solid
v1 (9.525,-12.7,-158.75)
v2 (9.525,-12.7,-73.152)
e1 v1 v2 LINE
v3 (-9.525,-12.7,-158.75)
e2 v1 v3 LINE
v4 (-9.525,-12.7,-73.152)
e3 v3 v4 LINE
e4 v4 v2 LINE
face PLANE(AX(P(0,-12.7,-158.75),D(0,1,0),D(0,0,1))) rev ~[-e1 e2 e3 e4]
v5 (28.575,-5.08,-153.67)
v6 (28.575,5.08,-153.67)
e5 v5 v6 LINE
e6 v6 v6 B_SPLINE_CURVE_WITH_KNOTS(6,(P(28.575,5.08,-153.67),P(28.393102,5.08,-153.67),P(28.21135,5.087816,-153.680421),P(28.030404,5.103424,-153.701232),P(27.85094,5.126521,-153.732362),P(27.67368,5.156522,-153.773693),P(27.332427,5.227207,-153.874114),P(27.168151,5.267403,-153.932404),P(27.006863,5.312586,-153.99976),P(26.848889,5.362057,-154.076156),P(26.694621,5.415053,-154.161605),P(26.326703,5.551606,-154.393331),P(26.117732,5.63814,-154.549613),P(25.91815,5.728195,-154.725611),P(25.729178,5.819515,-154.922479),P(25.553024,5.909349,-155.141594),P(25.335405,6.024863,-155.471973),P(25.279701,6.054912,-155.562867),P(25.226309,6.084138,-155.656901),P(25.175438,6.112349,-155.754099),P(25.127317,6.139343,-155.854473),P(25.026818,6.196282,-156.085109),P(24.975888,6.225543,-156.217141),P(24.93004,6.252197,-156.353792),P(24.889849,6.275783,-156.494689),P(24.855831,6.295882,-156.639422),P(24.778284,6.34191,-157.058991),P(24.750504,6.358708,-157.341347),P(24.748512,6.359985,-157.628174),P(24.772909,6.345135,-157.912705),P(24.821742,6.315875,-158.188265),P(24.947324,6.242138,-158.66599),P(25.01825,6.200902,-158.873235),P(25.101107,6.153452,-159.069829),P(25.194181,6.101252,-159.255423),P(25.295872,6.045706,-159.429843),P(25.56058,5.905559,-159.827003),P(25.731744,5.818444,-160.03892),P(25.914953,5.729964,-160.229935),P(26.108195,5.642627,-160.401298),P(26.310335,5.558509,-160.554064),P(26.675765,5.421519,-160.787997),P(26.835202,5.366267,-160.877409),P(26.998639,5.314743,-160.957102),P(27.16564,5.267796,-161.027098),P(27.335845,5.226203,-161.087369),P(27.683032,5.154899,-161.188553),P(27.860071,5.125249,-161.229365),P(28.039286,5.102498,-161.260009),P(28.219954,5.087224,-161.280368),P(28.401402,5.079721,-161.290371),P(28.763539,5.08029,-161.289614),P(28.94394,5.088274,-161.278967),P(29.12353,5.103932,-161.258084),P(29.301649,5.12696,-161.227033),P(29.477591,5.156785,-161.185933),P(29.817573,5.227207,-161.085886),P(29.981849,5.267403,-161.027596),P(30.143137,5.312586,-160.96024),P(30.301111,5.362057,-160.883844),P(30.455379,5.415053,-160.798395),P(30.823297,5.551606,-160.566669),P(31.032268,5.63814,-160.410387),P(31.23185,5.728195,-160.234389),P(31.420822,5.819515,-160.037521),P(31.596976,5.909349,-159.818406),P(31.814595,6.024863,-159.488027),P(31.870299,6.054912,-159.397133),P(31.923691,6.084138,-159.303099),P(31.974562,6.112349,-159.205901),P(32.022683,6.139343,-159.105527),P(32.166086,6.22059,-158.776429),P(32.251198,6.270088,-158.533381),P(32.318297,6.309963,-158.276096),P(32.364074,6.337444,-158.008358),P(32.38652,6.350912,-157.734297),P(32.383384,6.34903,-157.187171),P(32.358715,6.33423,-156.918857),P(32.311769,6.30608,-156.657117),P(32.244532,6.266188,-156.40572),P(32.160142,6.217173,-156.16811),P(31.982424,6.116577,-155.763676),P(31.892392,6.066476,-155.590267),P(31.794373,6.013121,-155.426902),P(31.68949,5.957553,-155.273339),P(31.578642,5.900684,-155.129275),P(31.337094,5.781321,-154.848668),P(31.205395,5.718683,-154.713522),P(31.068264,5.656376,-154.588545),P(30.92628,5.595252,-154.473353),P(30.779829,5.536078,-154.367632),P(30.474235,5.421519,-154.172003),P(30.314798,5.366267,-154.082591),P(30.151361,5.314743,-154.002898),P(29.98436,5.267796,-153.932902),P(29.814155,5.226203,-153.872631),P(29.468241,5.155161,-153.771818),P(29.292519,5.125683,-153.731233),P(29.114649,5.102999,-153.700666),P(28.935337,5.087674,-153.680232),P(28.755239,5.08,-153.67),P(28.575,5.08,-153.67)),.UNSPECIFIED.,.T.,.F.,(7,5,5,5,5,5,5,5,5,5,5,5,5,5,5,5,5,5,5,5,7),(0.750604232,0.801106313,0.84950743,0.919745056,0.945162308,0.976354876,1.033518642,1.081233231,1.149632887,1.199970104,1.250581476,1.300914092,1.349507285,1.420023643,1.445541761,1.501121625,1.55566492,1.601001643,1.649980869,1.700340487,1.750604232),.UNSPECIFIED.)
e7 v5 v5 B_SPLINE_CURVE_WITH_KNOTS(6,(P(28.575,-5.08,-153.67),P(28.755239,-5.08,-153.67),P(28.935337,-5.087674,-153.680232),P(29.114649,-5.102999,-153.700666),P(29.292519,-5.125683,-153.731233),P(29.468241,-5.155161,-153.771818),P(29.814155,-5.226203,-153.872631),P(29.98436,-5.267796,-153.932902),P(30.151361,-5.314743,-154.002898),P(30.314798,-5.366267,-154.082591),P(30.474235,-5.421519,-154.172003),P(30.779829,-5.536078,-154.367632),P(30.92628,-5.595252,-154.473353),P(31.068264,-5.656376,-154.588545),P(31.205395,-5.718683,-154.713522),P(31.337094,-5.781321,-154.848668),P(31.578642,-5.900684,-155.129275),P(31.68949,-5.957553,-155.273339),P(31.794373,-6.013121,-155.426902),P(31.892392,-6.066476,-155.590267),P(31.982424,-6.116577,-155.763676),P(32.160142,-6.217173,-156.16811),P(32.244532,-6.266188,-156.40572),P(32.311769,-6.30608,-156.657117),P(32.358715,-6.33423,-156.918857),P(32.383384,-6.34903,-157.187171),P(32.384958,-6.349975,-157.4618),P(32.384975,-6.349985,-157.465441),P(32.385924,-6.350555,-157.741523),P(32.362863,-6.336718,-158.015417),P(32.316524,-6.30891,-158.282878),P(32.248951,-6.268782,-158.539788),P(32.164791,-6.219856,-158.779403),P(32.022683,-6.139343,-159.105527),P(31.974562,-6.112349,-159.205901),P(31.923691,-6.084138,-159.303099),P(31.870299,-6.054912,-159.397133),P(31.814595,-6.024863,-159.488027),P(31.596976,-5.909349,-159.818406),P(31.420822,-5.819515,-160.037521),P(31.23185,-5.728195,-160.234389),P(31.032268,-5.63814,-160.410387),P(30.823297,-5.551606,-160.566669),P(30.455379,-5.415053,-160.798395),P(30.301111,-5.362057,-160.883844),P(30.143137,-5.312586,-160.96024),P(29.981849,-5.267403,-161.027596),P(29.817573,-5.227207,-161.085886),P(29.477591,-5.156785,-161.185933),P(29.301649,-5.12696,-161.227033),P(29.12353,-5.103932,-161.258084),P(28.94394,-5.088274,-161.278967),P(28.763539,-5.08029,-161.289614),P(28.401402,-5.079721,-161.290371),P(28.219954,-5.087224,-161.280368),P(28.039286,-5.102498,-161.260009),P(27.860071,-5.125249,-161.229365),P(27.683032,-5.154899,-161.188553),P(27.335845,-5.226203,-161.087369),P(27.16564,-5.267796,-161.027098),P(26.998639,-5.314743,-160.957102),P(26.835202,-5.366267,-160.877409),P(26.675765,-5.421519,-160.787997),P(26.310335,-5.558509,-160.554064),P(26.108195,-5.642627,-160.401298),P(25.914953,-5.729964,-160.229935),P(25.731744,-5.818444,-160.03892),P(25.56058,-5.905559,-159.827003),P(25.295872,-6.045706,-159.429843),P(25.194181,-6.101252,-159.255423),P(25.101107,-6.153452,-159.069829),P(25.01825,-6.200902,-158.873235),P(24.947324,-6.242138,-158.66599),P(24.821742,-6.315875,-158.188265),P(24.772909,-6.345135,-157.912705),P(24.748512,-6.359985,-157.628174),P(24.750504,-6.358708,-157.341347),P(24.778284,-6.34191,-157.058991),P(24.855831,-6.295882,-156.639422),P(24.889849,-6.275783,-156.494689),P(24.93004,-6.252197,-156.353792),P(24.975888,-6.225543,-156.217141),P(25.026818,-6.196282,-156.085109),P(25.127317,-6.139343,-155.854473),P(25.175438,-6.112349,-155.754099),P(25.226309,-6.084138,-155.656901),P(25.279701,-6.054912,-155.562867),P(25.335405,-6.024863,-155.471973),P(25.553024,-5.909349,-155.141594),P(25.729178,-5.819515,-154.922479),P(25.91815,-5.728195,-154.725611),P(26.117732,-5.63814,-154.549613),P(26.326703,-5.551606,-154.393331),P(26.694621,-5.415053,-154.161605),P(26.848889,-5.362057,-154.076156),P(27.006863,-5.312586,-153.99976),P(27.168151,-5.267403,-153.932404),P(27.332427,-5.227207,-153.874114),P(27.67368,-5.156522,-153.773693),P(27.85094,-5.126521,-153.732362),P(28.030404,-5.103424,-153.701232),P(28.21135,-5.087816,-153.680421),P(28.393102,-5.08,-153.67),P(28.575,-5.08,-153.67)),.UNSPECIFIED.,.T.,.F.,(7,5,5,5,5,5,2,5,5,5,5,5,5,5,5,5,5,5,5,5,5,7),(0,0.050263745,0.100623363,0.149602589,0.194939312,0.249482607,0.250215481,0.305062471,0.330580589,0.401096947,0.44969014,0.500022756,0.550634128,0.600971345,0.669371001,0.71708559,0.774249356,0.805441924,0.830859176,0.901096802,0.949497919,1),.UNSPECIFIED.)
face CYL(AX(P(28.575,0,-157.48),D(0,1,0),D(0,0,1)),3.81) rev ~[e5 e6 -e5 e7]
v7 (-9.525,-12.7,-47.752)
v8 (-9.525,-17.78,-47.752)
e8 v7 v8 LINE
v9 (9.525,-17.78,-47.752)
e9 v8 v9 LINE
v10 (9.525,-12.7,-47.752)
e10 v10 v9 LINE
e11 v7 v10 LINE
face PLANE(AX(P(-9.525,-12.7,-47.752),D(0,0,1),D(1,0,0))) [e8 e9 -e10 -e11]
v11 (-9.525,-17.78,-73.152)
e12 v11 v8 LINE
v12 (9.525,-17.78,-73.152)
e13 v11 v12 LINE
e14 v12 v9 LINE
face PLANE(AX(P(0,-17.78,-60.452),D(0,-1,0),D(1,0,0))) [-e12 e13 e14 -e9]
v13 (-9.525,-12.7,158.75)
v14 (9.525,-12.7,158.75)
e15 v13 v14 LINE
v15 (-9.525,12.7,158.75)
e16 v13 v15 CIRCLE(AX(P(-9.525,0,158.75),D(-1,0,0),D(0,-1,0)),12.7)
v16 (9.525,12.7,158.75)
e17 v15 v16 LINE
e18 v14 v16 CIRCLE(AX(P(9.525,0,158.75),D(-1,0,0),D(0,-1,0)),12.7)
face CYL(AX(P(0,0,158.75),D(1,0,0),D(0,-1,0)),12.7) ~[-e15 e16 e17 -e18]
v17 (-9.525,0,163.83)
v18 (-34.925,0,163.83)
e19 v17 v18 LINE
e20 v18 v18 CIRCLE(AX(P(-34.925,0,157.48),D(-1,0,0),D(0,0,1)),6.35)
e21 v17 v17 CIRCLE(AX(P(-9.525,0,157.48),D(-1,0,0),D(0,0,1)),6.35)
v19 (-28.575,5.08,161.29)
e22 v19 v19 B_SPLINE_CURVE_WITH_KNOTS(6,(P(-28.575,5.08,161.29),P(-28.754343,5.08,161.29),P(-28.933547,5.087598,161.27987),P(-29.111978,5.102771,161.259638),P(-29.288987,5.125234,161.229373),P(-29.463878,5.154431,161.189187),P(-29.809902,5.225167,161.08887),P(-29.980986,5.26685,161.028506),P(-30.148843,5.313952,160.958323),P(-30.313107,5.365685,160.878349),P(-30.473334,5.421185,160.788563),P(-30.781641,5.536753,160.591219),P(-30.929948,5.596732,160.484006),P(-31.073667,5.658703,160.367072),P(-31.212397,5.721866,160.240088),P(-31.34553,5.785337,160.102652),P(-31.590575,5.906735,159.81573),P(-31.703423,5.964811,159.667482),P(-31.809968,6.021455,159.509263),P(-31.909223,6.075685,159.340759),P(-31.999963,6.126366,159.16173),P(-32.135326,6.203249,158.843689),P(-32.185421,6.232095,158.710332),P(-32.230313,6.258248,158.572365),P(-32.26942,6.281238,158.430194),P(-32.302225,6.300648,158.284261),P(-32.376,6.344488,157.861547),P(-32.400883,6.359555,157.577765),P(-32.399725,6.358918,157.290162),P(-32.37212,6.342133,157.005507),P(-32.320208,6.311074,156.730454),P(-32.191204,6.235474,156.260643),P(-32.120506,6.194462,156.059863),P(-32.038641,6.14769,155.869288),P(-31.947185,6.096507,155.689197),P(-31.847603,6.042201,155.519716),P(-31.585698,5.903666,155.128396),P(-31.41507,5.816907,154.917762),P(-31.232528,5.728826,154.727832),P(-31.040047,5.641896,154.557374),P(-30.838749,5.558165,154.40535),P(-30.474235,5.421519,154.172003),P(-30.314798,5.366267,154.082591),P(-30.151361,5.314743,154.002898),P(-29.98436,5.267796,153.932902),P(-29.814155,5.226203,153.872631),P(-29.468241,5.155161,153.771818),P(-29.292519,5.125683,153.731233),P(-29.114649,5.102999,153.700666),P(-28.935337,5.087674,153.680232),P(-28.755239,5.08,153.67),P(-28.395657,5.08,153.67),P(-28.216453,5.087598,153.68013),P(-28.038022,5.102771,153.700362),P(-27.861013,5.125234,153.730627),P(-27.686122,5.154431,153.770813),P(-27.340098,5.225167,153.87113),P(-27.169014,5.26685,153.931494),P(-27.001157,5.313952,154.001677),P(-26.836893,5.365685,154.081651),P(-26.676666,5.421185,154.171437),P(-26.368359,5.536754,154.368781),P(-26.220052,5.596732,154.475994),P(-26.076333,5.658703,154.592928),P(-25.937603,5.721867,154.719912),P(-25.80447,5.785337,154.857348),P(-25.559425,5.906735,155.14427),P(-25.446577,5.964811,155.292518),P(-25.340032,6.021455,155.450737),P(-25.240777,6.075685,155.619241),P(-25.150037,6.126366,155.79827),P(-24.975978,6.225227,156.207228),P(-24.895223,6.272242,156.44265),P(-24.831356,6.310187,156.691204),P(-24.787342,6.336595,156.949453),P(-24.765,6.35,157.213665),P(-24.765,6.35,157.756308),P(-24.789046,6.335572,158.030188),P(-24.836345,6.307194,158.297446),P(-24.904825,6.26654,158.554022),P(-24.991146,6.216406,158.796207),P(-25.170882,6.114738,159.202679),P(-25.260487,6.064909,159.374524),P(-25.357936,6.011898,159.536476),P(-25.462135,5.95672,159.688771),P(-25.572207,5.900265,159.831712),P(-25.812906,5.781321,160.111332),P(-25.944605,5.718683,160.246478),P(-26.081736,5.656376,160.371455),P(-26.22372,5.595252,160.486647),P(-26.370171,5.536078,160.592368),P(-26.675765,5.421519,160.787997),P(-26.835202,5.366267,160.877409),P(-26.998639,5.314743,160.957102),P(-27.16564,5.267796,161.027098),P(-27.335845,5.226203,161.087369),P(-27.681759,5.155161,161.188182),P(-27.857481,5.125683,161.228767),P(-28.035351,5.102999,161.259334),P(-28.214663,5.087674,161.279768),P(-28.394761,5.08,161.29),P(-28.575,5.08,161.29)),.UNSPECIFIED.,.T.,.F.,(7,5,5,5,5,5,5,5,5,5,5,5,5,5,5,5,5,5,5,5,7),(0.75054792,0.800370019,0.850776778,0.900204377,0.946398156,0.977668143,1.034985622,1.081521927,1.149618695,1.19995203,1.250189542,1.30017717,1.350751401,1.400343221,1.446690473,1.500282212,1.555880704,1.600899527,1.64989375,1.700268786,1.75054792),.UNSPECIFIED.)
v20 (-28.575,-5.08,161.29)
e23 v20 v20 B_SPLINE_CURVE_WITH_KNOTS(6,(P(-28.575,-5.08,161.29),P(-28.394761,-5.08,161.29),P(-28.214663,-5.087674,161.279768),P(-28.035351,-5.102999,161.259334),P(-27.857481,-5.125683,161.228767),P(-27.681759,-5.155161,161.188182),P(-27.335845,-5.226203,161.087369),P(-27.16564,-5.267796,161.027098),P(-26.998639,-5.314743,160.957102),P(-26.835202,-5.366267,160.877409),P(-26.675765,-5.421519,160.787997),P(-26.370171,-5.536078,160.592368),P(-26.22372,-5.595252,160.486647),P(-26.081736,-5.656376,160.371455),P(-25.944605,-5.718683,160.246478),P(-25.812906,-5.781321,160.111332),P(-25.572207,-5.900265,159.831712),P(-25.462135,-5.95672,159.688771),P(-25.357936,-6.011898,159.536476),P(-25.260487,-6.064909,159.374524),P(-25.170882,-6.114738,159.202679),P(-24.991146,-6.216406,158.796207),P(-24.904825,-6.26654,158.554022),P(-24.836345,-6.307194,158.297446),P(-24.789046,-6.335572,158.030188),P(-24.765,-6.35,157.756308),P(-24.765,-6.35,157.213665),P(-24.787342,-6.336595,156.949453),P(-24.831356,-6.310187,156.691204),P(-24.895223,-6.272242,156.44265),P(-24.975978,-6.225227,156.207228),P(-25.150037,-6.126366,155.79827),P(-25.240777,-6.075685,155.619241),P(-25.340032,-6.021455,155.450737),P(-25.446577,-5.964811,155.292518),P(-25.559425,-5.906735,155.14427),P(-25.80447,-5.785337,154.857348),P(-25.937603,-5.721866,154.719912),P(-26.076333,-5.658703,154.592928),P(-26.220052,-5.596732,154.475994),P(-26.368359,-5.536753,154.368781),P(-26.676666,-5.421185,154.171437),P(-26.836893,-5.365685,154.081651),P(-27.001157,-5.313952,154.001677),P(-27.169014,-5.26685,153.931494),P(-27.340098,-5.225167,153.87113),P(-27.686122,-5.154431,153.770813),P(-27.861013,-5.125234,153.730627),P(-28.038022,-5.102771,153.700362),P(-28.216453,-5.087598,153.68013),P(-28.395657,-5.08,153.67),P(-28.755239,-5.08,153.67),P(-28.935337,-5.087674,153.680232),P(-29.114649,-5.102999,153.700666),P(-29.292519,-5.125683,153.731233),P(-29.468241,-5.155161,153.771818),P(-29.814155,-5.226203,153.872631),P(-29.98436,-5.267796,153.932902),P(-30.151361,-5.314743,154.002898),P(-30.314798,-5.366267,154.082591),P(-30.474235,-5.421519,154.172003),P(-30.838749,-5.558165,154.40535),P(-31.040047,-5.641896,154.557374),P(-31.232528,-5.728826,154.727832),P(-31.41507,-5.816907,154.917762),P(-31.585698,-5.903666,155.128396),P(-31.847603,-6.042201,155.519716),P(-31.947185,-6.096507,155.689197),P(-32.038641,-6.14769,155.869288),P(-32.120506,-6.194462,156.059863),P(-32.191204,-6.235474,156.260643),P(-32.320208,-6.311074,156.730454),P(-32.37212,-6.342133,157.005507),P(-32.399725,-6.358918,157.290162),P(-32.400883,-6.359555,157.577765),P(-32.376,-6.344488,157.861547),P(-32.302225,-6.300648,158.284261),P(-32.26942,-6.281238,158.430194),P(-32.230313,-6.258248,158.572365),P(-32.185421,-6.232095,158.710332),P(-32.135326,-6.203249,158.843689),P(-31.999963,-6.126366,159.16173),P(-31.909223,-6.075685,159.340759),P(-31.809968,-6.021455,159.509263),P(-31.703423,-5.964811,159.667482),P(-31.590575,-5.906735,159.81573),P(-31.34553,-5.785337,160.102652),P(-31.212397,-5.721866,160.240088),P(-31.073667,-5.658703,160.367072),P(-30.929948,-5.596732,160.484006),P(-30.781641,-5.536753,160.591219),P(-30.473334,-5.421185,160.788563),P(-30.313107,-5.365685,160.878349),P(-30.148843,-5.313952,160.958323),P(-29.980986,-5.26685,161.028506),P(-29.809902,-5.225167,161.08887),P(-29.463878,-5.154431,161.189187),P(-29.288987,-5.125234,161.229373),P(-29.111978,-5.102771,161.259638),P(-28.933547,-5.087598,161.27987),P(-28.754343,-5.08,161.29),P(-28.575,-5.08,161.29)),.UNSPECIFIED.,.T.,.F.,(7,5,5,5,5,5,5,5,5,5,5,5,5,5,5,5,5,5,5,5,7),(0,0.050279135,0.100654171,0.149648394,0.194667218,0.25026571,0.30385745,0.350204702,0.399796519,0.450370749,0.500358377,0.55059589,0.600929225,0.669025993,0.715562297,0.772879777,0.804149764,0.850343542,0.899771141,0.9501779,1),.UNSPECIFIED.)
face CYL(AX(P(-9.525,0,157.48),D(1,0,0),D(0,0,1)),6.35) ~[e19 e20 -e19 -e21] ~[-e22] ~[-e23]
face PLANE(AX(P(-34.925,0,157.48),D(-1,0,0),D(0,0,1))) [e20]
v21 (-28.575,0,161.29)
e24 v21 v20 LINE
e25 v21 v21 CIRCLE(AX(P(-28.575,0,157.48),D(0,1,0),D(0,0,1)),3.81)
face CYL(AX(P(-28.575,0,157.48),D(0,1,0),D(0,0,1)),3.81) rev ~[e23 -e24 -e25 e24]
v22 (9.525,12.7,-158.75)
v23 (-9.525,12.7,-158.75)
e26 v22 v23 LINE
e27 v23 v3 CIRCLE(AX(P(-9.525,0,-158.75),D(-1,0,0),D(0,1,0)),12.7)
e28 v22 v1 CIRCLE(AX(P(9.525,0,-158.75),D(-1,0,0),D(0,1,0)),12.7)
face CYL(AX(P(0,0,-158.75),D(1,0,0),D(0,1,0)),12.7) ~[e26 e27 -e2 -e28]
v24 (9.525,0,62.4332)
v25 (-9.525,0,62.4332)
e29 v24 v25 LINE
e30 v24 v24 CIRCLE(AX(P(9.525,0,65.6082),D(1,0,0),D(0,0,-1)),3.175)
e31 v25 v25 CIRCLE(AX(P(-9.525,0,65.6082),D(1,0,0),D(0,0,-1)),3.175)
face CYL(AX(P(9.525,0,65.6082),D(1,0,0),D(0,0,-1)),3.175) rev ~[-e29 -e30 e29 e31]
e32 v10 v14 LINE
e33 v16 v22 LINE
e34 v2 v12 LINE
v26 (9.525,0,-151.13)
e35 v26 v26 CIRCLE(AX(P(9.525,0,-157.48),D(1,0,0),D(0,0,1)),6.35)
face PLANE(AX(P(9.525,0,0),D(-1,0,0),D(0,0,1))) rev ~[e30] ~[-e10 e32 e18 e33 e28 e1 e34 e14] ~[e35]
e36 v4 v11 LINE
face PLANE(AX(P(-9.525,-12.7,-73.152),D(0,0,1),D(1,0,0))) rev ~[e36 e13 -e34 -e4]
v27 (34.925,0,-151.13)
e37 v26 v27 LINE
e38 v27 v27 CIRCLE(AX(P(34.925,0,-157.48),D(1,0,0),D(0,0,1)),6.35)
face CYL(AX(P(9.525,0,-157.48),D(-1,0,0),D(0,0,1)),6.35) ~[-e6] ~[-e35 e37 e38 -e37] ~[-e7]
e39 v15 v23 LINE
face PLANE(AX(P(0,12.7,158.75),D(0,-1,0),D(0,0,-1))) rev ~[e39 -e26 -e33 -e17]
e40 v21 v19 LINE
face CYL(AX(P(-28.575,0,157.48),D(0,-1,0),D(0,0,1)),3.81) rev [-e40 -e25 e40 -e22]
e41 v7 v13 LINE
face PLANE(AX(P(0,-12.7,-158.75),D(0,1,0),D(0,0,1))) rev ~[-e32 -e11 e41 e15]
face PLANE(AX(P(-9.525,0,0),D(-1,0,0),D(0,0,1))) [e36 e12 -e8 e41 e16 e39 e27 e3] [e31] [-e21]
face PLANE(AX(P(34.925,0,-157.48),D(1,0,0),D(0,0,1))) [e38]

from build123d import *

# Parameters (mm, degrees)
BOSS_EXTRUDE1_DEPTH = 9.525
SKETCH4_R           = 6.35
BOSS_EXTRUDE2_DEPTH = 25.4
SKETCH5_R           = 6.35
BOSS_EXTRUDE3_DEPTH = 25.4
SKETCH6_R           = 3.175
CUT_EXTRUDE1_DEPTH  = 19.05
SKETCH7_W           = 19.05
SKETCH7_H           = 25.4
BOSS_EXTRUDE4_DEPTH = 5.08
SKETCH8_R           = 3.81
CUT_EXTRUDE2_DEPTH  = 6.35


with BuildPart() as part:
    # Sketch2 → Boss-Extrude1 (new, symmetric)
    with BuildSketch(Plane(origin=(0, 0, 0), x_dir=(0, 0, -1), z_dir=(1, 0, 0))):
        with BuildLine():
            Line((-158.75, 12.7), (158.75, 12.7))
            ThreePointArc((158.75, 12.7), (171.45, 0), (158.75, -12.7))
            Line((158.75, -12.7), (-158.75, -12.7))
            ThreePointArc((-158.75, -12.7), (-171.45, 0), (-158.75, 12.7))
        make_face()
    extrude(amount=BOSS_EXTRUDE1_DEPTH, both=True)

    # Sketch4 → Boss-Extrude2 (add)
    with BuildSketch(Plane.ZY.offset(9.525)):
        with Locations((157.48, 0)):
            Circle(SKETCH4_R)
    extrude(amount=BOSS_EXTRUDE2_DEPTH)

    # Sketch5 → Boss-Extrude3 (add)
    with BuildSketch(Plane(origin=(9.525, 0, 0), x_dir=(0, 0, -1), z_dir=(1, 0, 0))):
        with Locations(Location((157.48, 0, 0), (0, 0, 180))):
            Circle(SKETCH5_R)
    extrude(amount=BOSS_EXTRUDE3_DEPTH)

    # Sketch6 → Cut-Extrude1 (cut)
    with BuildSketch(Plane(origin=(9.525, 0, 0), x_dir=(0, 0, -1), z_dir=(1, 0, 0))):
        with Locations((-65.6082, 0)):
            Circle(SKETCH6_R)
    extrude(amount=-CUT_EXTRUDE1_DEPTH, mode=Mode.SUBTRACT)

    # Sketch7 → Boss-Extrude4 (add)
    with BuildSketch(Plane.XZ.offset(12.7)):
        with Locations((0, -60.452)):
            Rectangle(SKETCH7_W, SKETCH7_H)
    extrude(amount=BOSS_EXTRUDE4_DEPTH)

    # Sketch8 → Cut-Extrude2 (cut, symmetric)
    with BuildSketch(Plane(origin=(0, 0, 0), x_dir=(1, 0, 0), z_dir=(0, 1, 0))):
        with Locations(Location((-28.575, -157.48, 0), (0, 0, 270))):
            Circle(SKETCH8_R)
        with Locations(Location((28.575, 157.48, 0), (0, 0, 270))):
            Circle(SKETCH8_R)
    extrude(amount=CUT_EXTRUDE2_DEPTH, both=True, mode=Mode.SUBTRACT)


solid = part.part
